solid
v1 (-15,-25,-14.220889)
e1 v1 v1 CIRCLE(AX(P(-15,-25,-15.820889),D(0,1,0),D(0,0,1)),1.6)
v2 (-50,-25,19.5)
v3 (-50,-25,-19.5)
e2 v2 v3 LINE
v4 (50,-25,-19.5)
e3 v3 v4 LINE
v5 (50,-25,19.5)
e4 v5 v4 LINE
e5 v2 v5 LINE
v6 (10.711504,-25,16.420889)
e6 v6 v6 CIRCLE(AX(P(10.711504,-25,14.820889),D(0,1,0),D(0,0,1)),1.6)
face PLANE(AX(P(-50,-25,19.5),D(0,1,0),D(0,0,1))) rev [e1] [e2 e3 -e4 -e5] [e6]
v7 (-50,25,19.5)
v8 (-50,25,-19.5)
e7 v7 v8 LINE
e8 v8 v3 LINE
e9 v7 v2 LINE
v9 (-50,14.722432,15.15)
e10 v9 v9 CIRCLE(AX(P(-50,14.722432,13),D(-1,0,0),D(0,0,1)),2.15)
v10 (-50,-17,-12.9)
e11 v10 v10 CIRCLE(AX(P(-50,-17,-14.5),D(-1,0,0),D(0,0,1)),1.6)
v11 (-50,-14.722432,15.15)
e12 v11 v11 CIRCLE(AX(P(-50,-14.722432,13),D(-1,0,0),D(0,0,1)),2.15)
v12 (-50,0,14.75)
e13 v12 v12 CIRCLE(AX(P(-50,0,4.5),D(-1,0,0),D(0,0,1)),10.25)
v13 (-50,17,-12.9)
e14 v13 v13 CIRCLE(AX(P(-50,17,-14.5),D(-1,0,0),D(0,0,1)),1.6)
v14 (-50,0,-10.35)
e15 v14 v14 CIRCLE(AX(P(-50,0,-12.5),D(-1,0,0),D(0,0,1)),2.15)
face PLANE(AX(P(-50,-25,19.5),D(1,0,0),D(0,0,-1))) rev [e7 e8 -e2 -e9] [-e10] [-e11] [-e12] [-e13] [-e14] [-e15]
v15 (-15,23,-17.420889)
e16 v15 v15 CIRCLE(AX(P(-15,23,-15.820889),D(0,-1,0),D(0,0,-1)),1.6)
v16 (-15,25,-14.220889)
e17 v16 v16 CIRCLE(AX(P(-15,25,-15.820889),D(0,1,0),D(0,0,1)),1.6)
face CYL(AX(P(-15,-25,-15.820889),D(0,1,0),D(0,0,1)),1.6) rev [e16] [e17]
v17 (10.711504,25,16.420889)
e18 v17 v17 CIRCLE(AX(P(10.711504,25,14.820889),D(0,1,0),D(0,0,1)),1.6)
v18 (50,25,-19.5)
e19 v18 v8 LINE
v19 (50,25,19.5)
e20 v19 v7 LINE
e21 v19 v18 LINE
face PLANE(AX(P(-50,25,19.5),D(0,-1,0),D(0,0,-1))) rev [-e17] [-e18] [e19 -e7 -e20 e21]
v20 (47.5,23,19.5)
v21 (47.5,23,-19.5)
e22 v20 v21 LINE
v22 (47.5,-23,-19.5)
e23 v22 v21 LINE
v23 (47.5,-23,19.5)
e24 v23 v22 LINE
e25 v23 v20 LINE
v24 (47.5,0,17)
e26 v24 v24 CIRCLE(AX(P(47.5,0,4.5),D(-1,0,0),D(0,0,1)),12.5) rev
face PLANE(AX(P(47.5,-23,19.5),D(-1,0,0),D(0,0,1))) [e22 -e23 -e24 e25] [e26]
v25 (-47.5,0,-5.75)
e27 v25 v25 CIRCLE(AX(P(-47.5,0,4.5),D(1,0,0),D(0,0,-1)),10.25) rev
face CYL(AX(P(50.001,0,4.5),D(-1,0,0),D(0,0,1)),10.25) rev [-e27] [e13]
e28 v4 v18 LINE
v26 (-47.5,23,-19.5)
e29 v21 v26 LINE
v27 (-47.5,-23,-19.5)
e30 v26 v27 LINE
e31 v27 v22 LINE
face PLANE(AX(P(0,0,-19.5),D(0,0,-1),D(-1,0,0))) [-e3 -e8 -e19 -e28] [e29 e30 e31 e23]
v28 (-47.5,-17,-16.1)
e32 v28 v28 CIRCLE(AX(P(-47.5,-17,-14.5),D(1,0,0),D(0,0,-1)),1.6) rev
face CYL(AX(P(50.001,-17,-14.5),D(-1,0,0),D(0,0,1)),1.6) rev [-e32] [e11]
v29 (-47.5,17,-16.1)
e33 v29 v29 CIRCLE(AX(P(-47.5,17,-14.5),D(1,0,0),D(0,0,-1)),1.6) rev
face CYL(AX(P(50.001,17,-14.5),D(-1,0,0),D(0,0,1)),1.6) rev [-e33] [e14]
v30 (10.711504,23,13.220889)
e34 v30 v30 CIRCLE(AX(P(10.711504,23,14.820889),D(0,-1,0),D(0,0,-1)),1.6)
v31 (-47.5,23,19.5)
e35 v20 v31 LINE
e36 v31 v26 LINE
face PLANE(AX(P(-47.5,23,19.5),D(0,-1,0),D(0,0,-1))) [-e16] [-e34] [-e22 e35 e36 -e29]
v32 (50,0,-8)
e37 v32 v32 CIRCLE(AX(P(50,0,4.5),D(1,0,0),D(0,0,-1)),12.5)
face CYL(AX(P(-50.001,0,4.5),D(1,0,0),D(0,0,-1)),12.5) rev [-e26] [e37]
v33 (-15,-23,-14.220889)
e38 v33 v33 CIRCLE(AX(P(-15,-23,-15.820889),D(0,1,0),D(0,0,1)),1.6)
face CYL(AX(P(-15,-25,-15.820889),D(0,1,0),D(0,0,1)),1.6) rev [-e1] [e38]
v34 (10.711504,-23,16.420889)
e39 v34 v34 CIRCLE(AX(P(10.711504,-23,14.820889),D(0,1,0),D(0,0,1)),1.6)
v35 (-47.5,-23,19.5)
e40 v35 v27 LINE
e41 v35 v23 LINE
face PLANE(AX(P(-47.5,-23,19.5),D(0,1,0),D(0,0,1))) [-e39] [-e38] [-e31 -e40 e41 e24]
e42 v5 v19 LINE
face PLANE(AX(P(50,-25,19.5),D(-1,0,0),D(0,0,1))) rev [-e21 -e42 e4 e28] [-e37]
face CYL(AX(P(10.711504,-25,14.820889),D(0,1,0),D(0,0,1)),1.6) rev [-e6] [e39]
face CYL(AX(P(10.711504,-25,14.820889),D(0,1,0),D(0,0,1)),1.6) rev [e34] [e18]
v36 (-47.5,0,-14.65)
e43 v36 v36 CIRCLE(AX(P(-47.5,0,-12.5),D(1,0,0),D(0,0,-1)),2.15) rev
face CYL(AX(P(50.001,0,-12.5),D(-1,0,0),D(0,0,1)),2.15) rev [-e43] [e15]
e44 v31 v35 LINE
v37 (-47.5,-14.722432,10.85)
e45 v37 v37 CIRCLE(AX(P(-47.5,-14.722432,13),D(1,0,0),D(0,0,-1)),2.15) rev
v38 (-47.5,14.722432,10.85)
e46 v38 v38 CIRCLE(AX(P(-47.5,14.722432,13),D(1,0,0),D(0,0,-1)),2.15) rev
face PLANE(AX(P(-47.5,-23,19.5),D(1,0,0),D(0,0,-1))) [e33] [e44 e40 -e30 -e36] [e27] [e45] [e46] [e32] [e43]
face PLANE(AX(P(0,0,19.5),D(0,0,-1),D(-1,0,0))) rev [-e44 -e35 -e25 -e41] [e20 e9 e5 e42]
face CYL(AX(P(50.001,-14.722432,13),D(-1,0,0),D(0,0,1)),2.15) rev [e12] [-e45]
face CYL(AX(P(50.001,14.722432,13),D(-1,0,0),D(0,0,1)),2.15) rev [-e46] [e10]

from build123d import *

# Parameters (mm, degrees)
SKETCH_1_W          = 100
SKETCH_1_H          = 50
SKETCH_1_W_2        = 95
SKETCH_1_H_2        = 46
EXTRUDE_1_DEPTH     = 19.5
SKETCH_2_R          = 1.6
CUT_EXTRUDE_1_DEPTH = 51
CUT_EXTRUDE_2_REACH = 102
SKETCH_3_R          = 10.25
SKETCH_3_R_2        = 2.15
SKETCH_3_R_3        = 1.6
CUT_EXTRUDE_3_REACH = 102
SKETCH_4_R          = 12.5


with BuildPart() as part:
    # ｽｹｯﾁ1 → ﾎﾞｽ - 押し出し1 (new body, symmetric)
    with BuildSketch(Plane.XY):
        Rectangle(SKETCH_1_W, SKETCH_1_H)
        Rectangle(SKETCH_1_W_2, SKETCH_1_H_2, mode=Mode.SUBTRACT)
    extrude(amount=EXTRUDE_1_DEPTH, both=True)

    # ｽｹｯﾁ2 → ｶｯﾄ - 押し出し1 (cut, through all)
    with BuildSketch(Plane(origin=(0, 25, 0), x_dir=(1, 0, 0), z_dir=(0, 1, 0))):
        with Locations((-15, 15.820888862)):
            Circle(SKETCH_2_R)
        with Locations((10.711504387, -14.820888862)):
            Circle(SKETCH_2_R)
    extrude(amount=-CUT_EXTRUDE_1_DEPTH, mode=Mode.SUBTRACT)

    # ｽｹｯﾁ3 → ｶｯﾄ - 押し出し2 (cut, up to next)
    with BuildSketch(Plane.ZY.offset(50), mode=Mode.PRIVATE) as cut_extrude_2_sk1:
        with Locations((4.5, 0)):
            Circle(SKETCH_3_R)
    cut_extrude_2_tool1 = extrude(cut_extrude_2_sk1.sketch, amount=-CUT_EXTRUDE_2_REACH, mode=Mode.PRIVATE) & part.part
    add(cut_extrude_2_tool1.solids().sort_by_distance((-50, 0, 4.5))[0], mode=Mode.SUBTRACT)
    # ｽｹｯﾁ3 → ｶｯﾄ - 押し出し2 (cut, up to next)
    with BuildSketch(Plane.ZY.offset(50), mode=Mode.PRIVATE) as cut_extrude_2_sk2:
        with Locations((-12.5, 0)):
            Circle(SKETCH_3_R_2)
    cut_extrude_2_tool2 = extrude(cut_extrude_2_sk2.sketch, amount=-CUT_EXTRUDE_2_REACH, mode=Mode.PRIVATE) & part.part
    add(cut_extrude_2_tool2.solids().sort_by_distance((-50, 0, -12.5))[0], mode=Mode.SUBTRACT)
    # ｽｹｯﾁ3 → ｶｯﾄ - 押し出し2 (cut, up to next)
    with BuildSketch(Plane.ZY.offset(50), mode=Mode.PRIVATE) as cut_extrude_2_sk3:
        with Locations((13, 14.722431864)):
            Circle(SKETCH_3_R_2)
    cut_extrude_2_tool3 = extrude(cut_extrude_2_sk3.sketch, amount=-CUT_EXTRUDE_2_REACH, mode=Mode.PRIVATE) & part.part
    add(cut_extrude_2_tool3.solids().sort_by_distance((-50, 14.722432, 13))[0], mode=Mode.SUBTRACT)
    # ｽｹｯﾁ3 → ｶｯﾄ - 押し出し2 (cut, up to next)
    with BuildSketch(Plane.ZY.offset(50), mode=Mode.PRIVATE) as cut_extrude_2_sk4:
        with Locations((13, -14.722431864)):
            Circle(SKETCH_3_R_2)
    cut_extrude_2_tool4 = extrude(cut_extrude_2_sk4.sketch, amount=-CUT_EXTRUDE_2_REACH, mode=Mode.PRIVATE) & part.part
    add(cut_extrude_2_tool4.solids().sort_by_distance((-50, -14.722432, 13))[0], mode=Mode.SUBTRACT)
    # ｽｹｯﾁ3 → ｶｯﾄ - 押し出し2 (cut, up to next)
    with BuildSketch(Plane.ZY.offset(50), mode=Mode.PRIVATE) as cut_extrude_2_sk5:
        with Locations((-14.5, -17)):
            Circle(SKETCH_3_R_3)
    cut_extrude_2_tool5 = extrude(cut_extrude_2_sk5.sketch, amount=-CUT_EXTRUDE_2_REACH, mode=Mode.PRIVATE) & part.part
    add(cut_extrude_2_tool5.solids().sort_by_distance((-50, -17, -14.5))[0], mode=Mode.SUBTRACT)
    # ｽｹｯﾁ3 → ｶｯﾄ - 押し出し2 (cut, up to next)
    with BuildSketch(Plane.ZY.offset(50), mode=Mode.PRIVATE) as cut_extrude_2_sk6:
        with Locations((-14.5, 17)):
            Circle(SKETCH_3_R_3)
    cut_extrude_2_tool6 = extrude(cut_extrude_2_sk6.sketch, amount=-CUT_EXTRUDE_2_REACH, mode=Mode.PRIVATE) & part.part
    add(cut_extrude_2_tool6.solids().sort_by_distance((-50, 17, -14.5))[0], mode=Mode.SUBTRACT)

    # ｽｹｯﾁ4 → ｶｯﾄ - 押し出し3 (cut, up to next)
    with BuildSketch(Plane(origin=(50, 0, 0), x_dir=(0, 0, -1), z_dir=(1, 0, 0)), mode=Mode.PRIVATE) as cut_extrude_3_sk1:
        with Locations((-4.5, 0)):
            Circle(SKETCH_4_R)
    cut_extrude_3_tool1 = extrude(cut_extrude_3_sk1.sketch, amount=-CUT_EXTRUDE_3_REACH, mode=Mode.PRIVATE) & part.part
    add(cut_extrude_3_tool1.solids().sort_by_distance((50, 0, 4.5))[0], mode=Mode.SUBTRACT)


solid = part.part
